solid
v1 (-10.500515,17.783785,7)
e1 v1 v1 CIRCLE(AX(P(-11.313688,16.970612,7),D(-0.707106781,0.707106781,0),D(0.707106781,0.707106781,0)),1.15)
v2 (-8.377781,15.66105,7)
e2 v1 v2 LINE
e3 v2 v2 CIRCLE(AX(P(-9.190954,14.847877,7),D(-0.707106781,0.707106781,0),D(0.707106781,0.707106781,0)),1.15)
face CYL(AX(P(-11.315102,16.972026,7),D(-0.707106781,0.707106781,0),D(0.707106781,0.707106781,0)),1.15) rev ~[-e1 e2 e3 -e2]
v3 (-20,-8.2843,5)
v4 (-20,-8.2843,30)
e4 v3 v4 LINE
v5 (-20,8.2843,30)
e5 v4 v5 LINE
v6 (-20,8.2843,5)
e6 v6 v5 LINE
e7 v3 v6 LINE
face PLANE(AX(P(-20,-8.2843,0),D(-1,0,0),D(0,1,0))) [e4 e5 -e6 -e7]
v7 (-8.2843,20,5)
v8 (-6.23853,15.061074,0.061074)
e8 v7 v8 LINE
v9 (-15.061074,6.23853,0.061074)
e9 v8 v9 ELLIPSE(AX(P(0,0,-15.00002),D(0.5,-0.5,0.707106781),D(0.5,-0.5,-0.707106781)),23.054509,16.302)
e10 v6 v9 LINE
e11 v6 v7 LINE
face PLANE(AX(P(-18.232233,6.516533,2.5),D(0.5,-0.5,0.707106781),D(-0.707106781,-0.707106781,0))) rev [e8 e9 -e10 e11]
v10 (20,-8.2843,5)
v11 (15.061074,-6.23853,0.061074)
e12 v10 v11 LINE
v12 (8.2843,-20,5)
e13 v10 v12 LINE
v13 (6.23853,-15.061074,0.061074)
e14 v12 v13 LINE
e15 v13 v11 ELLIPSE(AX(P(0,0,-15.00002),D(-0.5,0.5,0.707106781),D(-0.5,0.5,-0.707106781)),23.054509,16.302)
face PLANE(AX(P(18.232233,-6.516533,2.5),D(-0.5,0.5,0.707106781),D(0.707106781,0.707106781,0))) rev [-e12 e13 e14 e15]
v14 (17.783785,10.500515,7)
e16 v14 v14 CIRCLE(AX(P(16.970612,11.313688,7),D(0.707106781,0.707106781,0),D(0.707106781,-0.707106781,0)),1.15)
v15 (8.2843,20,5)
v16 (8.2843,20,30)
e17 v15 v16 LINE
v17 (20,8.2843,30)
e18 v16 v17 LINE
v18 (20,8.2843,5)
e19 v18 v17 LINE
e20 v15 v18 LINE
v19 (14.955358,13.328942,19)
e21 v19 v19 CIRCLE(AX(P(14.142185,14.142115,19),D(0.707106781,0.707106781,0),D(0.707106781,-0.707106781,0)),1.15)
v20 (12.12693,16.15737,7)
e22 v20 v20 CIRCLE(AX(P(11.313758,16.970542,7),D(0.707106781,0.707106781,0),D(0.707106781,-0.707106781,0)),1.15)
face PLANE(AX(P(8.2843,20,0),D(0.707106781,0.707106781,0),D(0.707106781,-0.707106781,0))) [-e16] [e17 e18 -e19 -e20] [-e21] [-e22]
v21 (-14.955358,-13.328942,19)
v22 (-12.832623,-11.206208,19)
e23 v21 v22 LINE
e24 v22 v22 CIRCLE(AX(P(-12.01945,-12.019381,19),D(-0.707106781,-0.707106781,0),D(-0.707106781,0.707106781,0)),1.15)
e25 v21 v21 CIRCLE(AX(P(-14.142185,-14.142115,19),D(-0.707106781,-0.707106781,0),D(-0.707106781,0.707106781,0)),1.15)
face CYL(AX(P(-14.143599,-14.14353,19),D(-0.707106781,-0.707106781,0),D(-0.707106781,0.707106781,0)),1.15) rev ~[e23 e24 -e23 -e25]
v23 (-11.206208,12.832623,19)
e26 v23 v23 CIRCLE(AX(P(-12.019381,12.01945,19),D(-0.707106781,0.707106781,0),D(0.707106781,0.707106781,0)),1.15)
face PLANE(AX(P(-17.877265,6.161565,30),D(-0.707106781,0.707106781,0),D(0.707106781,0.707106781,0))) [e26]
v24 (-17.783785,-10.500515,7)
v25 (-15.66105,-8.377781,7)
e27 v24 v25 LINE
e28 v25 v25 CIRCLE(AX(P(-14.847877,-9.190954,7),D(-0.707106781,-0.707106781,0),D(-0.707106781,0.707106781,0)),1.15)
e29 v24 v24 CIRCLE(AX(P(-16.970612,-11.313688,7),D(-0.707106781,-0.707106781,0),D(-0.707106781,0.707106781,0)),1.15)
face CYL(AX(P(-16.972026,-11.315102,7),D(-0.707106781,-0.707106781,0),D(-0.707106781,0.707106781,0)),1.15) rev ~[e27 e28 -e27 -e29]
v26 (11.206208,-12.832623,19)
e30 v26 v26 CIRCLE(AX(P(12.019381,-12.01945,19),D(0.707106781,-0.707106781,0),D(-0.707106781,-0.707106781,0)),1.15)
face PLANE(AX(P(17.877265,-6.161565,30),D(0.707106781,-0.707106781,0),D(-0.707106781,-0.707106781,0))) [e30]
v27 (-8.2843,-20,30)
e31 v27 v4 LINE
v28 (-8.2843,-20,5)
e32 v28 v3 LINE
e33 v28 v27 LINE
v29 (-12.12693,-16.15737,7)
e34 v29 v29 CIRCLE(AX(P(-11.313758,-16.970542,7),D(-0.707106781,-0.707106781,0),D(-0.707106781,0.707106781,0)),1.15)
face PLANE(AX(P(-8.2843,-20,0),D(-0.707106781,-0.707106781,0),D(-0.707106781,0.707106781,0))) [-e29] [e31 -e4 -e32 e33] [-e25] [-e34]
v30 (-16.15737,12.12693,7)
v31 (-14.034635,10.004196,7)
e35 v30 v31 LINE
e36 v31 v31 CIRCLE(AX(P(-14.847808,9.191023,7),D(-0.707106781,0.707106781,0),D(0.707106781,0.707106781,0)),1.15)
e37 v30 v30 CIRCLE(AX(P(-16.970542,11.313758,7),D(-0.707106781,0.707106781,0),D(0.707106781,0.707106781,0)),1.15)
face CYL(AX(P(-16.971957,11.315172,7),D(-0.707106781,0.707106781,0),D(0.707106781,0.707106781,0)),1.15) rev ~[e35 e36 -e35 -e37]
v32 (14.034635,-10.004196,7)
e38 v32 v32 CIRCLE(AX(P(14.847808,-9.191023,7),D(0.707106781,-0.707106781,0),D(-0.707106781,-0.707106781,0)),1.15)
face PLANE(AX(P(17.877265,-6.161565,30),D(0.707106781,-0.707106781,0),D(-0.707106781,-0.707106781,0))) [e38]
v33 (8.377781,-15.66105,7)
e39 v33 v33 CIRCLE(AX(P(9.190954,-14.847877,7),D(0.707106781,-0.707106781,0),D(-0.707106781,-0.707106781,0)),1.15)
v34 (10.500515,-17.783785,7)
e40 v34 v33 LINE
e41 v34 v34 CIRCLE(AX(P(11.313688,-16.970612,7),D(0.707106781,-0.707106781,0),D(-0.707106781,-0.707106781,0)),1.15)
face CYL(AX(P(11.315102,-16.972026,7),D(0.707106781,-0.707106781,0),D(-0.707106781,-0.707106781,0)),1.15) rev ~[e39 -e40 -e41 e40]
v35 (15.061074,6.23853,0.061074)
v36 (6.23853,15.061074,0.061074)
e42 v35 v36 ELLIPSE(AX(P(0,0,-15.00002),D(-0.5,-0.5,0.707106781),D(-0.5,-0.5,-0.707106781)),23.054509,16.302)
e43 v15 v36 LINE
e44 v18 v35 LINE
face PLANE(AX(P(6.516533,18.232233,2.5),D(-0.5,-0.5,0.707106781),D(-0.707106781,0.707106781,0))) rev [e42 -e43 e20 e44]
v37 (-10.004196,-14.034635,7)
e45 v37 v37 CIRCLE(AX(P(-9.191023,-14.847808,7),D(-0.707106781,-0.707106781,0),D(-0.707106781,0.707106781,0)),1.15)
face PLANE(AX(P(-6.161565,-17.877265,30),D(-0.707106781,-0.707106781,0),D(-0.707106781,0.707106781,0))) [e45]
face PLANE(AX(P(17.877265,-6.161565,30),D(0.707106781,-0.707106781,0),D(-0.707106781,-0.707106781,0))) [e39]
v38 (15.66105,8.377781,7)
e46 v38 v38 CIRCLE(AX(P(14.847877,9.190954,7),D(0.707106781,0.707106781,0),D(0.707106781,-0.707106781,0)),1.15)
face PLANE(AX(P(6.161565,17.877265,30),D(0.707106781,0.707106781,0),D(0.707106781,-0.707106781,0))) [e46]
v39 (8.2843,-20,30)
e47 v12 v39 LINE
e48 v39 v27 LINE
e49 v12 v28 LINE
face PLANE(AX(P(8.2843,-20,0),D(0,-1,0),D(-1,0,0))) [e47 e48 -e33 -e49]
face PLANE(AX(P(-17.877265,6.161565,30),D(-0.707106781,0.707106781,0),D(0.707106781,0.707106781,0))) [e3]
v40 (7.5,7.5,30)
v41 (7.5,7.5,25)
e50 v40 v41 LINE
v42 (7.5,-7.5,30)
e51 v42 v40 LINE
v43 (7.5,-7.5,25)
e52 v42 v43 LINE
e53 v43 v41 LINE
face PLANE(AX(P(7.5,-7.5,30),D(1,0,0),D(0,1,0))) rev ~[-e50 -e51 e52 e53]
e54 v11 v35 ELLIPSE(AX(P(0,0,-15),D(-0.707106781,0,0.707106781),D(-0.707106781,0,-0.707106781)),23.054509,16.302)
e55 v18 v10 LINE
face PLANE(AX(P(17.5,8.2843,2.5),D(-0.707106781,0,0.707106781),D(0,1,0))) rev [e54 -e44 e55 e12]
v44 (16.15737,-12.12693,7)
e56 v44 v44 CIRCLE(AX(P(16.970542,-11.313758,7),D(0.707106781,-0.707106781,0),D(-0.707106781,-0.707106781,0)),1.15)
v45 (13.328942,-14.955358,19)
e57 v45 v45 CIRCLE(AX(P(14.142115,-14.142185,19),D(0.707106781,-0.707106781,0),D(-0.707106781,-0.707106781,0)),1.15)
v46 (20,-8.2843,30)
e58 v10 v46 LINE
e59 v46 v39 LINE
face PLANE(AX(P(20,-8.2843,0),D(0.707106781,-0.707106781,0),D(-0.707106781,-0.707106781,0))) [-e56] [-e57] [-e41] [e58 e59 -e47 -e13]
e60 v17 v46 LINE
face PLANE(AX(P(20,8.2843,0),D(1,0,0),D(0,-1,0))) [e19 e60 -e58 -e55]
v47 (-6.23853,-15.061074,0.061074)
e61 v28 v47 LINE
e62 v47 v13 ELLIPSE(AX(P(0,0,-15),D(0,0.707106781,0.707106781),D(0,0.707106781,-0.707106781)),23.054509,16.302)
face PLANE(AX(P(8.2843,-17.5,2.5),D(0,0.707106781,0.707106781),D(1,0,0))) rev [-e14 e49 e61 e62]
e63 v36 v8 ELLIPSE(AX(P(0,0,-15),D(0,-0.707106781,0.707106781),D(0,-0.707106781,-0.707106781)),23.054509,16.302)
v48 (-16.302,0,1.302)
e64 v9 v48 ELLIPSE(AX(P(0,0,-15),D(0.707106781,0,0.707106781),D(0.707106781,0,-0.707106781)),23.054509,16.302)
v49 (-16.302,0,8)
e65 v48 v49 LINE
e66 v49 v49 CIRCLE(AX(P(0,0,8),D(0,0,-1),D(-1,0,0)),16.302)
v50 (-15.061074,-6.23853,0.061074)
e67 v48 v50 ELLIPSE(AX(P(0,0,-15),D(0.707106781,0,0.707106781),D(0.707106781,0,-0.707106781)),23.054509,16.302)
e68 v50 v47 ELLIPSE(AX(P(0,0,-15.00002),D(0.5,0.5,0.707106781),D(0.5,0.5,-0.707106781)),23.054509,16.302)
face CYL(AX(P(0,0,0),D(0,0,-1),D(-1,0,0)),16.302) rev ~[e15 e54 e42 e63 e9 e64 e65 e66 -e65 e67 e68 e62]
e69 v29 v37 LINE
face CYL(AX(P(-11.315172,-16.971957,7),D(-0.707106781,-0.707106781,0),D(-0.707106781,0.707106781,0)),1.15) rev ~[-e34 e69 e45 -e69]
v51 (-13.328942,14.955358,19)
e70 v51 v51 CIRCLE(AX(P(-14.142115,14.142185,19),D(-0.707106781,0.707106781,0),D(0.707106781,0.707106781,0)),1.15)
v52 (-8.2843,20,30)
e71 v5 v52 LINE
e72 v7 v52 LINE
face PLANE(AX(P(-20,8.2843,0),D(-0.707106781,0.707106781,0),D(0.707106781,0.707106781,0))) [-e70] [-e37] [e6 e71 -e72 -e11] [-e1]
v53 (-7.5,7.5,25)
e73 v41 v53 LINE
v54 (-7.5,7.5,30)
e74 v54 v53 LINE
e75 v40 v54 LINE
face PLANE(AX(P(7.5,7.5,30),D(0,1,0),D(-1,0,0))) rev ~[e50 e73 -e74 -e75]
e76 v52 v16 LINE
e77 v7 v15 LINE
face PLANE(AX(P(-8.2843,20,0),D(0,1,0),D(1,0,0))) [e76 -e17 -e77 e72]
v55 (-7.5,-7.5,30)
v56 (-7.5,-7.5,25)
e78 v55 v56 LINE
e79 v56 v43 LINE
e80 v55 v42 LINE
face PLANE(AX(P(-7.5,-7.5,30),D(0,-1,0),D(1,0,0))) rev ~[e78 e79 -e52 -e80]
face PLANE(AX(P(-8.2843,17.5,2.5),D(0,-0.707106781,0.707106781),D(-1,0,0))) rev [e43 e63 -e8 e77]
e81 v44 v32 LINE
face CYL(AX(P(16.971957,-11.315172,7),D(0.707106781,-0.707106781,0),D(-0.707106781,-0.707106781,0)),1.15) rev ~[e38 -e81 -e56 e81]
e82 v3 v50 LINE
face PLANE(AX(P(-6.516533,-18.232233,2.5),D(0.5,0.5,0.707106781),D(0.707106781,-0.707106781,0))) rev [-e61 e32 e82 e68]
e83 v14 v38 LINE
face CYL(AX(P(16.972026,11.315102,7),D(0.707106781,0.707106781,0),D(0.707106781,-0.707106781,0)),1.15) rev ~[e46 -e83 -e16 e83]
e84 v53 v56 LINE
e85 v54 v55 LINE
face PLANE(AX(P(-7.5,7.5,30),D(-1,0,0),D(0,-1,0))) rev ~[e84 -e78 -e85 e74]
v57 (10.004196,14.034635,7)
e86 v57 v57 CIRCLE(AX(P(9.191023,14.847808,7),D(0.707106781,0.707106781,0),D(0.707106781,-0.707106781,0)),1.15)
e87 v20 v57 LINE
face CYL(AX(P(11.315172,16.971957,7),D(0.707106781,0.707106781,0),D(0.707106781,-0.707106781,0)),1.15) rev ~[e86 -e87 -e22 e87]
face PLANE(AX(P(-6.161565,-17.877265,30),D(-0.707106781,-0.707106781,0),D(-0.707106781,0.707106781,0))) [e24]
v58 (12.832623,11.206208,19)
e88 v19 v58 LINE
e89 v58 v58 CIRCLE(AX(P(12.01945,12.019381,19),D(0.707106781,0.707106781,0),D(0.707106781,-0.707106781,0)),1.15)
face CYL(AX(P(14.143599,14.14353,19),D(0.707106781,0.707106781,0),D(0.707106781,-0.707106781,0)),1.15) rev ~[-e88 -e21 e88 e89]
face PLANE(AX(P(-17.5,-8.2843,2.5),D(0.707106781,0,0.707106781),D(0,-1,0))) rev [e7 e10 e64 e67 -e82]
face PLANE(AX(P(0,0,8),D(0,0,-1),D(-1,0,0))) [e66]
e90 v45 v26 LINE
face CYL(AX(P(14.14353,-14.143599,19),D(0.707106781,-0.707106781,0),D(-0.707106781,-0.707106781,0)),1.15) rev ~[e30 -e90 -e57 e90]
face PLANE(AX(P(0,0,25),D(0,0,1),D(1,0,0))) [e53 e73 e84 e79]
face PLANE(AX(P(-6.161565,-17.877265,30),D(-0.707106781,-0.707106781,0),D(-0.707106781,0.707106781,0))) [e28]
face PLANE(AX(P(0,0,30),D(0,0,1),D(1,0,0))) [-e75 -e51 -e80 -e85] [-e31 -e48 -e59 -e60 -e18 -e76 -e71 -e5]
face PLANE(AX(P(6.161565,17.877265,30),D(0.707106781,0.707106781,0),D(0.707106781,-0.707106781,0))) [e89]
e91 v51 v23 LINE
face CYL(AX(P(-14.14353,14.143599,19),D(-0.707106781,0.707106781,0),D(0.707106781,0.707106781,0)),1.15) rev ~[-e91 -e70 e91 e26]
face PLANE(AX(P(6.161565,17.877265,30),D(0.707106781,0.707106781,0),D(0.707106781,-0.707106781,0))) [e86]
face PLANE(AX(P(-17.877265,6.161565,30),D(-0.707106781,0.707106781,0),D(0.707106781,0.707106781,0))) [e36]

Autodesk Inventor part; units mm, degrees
ref_plane "YZ Plane" through (0, 0, 0) normal (1, 0, 0) x (0, 1, 0)
ref_plane "XZ Plane" through (0, 0, 0) normal (0, 1, 0) x (-1, 0, 0)
ref_plane "XY Plane" through (0, 0, 0) normal (0, 0, 1) x (1, 0, 0)
sketch "Sketch1" plane through (0, 0, 0) normal (0, 0, 1) x (1, 0, 0)
  circle A0 centre (0, 0) radius 16.002 construction
  line L0 (8.2843, 20) -> (20, 8.2843)
  line L1 (20, 8.2843) -> (20, -8.2843)
  line L2 (20, -8.2843) -> (8.2843, -20)
  line L3 (8.2843, -20) -> (-8.2843, -20)
  line L4 (-8.2843, -20) -> (-20, -8.2843)
  line L5 (-20, -8.2843) -> (-20, 8.2843)
  line L6 (-20, 8.2843) -> (-8.2843, 20)
  line L7 (-8.2843, 20) -> (8.2843, 20)
  dimension "d0" = 32.004
  dimension "d2" = 40
extrude "Extrusion1" add sketch "Sketch1" along normal blind 30
chamfer "Chamfer1" distance 5 angle 45 8 edges at (-14.1421, 14.1421, 0) (-20, 0, 0) (-14.1421, -14.1421, 0) (0, -20, 0) (14.1421, -14.1421, 0) (20, 0, 0) (14.1421, 14.1421, 0) (0, 20, 0)
sketch "Sketch2" plane through (0, 0, 0) normal (0, 0, -1) x (-1, 0, 0)
  circle A0 centre (0, 0) radius 16.002 construction
  circle A1 centre (0, 0) radius 16.302
  dimension "d8" = 32.004
  dimension "d9" = 0.3
extrude "Extrusion2" cut sketch "Sketch2" against normal blind 8
sketch "Sketch4" plane through (0, 0, 30) normal (0, 0, 1) x (1, 0, 0)
  line L0 (-7.5, -7.5) -> (7.5, -7.5)
  line L1 (7.5, -7.5) -> (7.5, 7.5)
  line L2 (7.5, 7.5) -> (-7.5, 7.5)
  line L3 (-7.5, 7.5) -> (-7.5, -7.5)
  line L4 (-7.5, -7.5) -> (7.5, 7.5) construction
  line L5 (7.5, -7.5) -> (-7.5, 7.5) construction
  point P0 (0, 0)
  dimension "d18" = 15
  dimension "d19" = 15
extrude "Extrusion4" cut sketch "Sketch4" against normal blind 5
sketch "Sketch3" plane through (-8.2843, -20, 30) normal (-0.7071, -0.7071, 0) x (-0.7071, 0.7071, 0)
  line L0 (12.2843, 11) -> (4.2843, 11) construction
  line L1 (4.2843, 11) -> (4.2843, 23) construction
  line L2 (4.2843, 23) -> (12.2843, 23) construction
  line L3 (12.2843, 23) -> (12.2843, 11) construction
  line L4 (12.2843, 11) -> (4.2843, 23) construction
  line L5 (4.2843, 11) -> (12.2843, 23) construction
  line L6 (8.2843, 17) -> (8.2843, 30) construction
  circle A0 centre (8.2843, 11) radius 1.15
  circle A1 centre (12.2843, 23) radius 1.15
  circle A2 centre (4.2843, 23) radius 1.15
  dimension "d12" = 13
  dimension "d13" = 12
  dimension "d14" = 8
  dimension "d15" = 2.3
extrude "Extrusion3" cut sketch "Sketch3" against normal blind 3
pattern_circular "Circular Pattern1" count 4 over 360 about axis through (0, 0, -10) along (0, 0, 1) of "Extrusion3"
